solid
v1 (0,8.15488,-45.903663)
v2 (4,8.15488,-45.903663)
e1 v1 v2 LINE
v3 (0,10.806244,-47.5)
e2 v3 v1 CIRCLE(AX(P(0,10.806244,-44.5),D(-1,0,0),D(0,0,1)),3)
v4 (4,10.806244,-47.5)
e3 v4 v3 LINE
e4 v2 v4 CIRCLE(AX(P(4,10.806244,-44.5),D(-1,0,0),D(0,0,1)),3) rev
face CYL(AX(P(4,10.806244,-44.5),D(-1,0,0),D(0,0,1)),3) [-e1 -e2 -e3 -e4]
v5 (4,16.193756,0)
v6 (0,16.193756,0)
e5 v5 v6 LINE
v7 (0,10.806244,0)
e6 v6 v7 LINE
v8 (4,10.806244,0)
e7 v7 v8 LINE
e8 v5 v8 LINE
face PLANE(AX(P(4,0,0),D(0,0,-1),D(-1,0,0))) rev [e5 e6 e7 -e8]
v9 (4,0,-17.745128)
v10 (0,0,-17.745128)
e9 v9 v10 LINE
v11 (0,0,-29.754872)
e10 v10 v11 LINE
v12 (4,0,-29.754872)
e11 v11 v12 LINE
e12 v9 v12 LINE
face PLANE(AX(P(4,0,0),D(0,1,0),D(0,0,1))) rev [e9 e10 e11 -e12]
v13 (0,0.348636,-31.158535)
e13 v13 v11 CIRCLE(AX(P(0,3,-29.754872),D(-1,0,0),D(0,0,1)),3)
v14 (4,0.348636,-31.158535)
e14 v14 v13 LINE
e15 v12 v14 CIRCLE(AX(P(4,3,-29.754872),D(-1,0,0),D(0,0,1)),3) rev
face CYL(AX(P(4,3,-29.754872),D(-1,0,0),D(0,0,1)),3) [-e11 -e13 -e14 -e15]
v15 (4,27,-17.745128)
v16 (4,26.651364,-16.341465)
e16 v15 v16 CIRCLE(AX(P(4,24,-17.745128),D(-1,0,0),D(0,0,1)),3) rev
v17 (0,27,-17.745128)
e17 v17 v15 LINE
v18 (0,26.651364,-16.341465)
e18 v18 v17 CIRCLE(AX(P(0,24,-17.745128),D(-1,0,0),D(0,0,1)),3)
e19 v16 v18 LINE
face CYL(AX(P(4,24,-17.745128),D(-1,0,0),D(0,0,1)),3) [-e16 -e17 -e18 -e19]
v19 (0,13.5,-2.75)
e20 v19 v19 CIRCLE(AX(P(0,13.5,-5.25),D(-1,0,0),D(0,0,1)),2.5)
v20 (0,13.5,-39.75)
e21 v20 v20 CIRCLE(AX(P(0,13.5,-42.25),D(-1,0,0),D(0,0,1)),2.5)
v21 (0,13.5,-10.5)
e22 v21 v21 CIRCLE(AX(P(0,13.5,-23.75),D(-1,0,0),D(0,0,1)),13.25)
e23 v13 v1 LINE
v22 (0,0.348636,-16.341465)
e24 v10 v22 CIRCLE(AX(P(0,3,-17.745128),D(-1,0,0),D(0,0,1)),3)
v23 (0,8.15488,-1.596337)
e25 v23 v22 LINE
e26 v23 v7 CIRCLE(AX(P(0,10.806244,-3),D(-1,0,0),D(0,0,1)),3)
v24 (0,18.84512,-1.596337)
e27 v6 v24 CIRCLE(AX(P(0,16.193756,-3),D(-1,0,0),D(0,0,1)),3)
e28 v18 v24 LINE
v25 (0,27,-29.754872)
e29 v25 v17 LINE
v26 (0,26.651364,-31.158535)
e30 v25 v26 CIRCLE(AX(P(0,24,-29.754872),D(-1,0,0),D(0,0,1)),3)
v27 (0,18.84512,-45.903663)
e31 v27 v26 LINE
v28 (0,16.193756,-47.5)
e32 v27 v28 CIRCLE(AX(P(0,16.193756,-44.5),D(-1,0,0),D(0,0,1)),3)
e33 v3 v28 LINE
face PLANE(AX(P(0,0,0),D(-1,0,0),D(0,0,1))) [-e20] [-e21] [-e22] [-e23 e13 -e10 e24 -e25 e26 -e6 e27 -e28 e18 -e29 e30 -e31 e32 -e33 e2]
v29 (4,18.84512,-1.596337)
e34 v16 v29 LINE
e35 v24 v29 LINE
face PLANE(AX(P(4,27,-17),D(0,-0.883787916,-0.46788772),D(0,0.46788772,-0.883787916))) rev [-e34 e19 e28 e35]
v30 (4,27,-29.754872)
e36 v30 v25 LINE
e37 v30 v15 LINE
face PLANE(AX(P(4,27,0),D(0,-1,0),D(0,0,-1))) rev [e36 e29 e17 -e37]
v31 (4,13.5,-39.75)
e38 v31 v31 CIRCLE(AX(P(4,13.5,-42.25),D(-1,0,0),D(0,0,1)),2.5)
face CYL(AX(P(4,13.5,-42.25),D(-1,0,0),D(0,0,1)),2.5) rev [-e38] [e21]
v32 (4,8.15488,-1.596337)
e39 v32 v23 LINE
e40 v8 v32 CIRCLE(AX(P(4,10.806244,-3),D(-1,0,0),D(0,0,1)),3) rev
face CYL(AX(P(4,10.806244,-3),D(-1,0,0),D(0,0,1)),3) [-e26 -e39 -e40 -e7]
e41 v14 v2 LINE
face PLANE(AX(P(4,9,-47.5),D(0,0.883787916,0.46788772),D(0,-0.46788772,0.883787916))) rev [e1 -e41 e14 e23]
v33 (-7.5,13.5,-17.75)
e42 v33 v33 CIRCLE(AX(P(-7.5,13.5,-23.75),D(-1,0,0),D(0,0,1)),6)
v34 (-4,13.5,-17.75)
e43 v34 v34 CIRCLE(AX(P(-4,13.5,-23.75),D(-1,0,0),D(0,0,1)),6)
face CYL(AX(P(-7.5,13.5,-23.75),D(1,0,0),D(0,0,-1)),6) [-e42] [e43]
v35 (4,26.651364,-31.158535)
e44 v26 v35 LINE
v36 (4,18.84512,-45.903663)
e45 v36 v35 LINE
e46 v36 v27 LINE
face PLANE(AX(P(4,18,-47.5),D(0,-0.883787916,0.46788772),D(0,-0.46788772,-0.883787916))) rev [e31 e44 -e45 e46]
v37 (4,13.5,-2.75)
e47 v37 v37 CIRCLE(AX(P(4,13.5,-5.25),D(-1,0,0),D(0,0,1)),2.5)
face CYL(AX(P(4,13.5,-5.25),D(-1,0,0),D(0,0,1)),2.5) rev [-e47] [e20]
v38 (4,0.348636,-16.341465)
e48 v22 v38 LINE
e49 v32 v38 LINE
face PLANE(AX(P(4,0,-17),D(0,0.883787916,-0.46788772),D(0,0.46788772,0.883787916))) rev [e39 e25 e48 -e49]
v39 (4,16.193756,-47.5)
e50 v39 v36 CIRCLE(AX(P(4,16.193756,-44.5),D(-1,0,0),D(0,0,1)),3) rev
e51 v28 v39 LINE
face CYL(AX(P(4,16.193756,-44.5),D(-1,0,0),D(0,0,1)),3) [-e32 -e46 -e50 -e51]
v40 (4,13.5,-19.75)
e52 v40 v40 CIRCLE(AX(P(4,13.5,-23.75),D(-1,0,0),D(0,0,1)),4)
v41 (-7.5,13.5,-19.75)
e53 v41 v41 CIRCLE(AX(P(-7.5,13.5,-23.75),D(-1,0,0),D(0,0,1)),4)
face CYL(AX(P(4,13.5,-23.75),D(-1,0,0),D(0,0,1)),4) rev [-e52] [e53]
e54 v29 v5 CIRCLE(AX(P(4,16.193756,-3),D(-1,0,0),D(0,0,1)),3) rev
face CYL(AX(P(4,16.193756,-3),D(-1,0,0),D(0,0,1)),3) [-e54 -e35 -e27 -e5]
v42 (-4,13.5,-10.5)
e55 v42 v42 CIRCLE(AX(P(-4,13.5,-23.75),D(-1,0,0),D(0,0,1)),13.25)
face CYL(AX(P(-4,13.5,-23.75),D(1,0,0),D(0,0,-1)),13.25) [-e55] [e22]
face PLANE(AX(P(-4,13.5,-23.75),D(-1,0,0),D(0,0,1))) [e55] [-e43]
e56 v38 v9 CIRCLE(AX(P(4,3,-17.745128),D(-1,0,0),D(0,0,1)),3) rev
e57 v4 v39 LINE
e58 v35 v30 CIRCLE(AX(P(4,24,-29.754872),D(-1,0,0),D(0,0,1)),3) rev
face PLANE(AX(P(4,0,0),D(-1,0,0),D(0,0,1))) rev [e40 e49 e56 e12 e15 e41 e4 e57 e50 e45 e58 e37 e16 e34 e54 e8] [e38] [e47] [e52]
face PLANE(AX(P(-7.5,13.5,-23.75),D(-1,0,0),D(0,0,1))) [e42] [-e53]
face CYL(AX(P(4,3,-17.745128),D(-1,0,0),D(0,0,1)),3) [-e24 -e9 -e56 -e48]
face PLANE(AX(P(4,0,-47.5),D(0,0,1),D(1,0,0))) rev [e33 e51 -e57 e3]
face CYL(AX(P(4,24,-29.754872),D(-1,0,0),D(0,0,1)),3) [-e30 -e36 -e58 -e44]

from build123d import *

# Parameters (mm, degrees)
SKETCH_1_W          = 47.5
SKETCH_1_H          = 27
EXTRUDE_1_DEPTH     = 4
SKETCH_5_R          = 13.25
EXTRUDE_2_DEPTH     = 4
SKETCH_6_R          = 6
EXTRUDE_3_DEPTH     = 3.5
SKETCH_7_R          = 4
CUT_EXTRUDE_1_DEPTH = 56.834577101
SKETCH_8_R          = 2.5
CUT_EXTRUDE_2_DEPTH = 56.149796011
CUT_EXTRUDE_3_DEPTH = 56.149796011
FILLET_1_R          = 3


with BuildPart() as part:
    # 草图1 → 凸台-拉伸1 (new body)
    with BuildSketch(Plane(origin=(0, 0, 0), x_dir=(0, 0, -1), z_dir=(1, 0, 0))):
        with Locations((23.75, 13.5)):
            Rectangle(SKETCH_1_W, SKETCH_1_H)
    extrude(amount=EXTRUDE_1_DEPTH)

    # 草图5 → 凸台-拉伸2 (add)
    with BuildSketch(Plane.ZY):
        with Locations((-23.75, 13.5)):
            Circle(SKETCH_5_R)
    extrude(amount=EXTRUDE_2_DEPTH)

    # 草图6 → 凸台-拉伸3 (add)
    with BuildSketch(Plane.ZY.offset(4)):
        with Locations((-23.75, 13.5)):
            Circle(SKETCH_6_R)
    extrude(amount=EXTRUDE_3_DEPTH)

    # 草图7 → 切除-拉伸1 (cut, through all)
    with BuildSketch(Plane.ZY.offset(7.5)):
        with Locations((-23.75, 13.5)):
            Circle(SKETCH_7_R)
    extrude(amount=-CUT_EXTRUDE_1_DEPTH, mode=Mode.SUBTRACT)

    # 草图8 → 切除-拉伸2 (cut, through all)
    with BuildSketch(Plane.ZY):
        with Locations((-42.25, 13.5)):
            Circle(SKETCH_8_R)
        with Locations((-5.25, 13.5)):
            Circle(SKETCH_8_R)
    extrude(amount=-CUT_EXTRUDE_2_DEPTH, mode=Mode.SUBTRACT)

    # 草图9 → 切除-拉伸3 (cut, through all)
    with BuildSketch(Plane.ZY):
        Polygon((-47.5, 9), (-30.5, 0), (-47.5, 0), align=None)
        Polygon((-47.5, 18), (-30.5, 27), (-47.5, 27), align=None)
        Polygon((0, 0), (-17, 0), (0, 9), align=None)
        Polygon((0, 18), (0, 27), (-17, 27), align=None)
    extrude(amount=-CUT_EXTRUDE_3_DEPTH, mode=Mode.SUBTRACT)

    # 圆角1
    fillet_1_edges = [part.edges().sort_by_distance(p)[0] for p in [
        (2, 9, -47.5),
        (2, 0, -30.5),
        (2, 18, -47.5),
        (2, 27, -30.5),
        (2, 9, 0),
        (2, 0, -17),
        (2, 18, 0),
        (2, 27, -17),
    ]]
    fillet(fillet_1_edges, radius=FILLET_1_R)


solid = part.part
